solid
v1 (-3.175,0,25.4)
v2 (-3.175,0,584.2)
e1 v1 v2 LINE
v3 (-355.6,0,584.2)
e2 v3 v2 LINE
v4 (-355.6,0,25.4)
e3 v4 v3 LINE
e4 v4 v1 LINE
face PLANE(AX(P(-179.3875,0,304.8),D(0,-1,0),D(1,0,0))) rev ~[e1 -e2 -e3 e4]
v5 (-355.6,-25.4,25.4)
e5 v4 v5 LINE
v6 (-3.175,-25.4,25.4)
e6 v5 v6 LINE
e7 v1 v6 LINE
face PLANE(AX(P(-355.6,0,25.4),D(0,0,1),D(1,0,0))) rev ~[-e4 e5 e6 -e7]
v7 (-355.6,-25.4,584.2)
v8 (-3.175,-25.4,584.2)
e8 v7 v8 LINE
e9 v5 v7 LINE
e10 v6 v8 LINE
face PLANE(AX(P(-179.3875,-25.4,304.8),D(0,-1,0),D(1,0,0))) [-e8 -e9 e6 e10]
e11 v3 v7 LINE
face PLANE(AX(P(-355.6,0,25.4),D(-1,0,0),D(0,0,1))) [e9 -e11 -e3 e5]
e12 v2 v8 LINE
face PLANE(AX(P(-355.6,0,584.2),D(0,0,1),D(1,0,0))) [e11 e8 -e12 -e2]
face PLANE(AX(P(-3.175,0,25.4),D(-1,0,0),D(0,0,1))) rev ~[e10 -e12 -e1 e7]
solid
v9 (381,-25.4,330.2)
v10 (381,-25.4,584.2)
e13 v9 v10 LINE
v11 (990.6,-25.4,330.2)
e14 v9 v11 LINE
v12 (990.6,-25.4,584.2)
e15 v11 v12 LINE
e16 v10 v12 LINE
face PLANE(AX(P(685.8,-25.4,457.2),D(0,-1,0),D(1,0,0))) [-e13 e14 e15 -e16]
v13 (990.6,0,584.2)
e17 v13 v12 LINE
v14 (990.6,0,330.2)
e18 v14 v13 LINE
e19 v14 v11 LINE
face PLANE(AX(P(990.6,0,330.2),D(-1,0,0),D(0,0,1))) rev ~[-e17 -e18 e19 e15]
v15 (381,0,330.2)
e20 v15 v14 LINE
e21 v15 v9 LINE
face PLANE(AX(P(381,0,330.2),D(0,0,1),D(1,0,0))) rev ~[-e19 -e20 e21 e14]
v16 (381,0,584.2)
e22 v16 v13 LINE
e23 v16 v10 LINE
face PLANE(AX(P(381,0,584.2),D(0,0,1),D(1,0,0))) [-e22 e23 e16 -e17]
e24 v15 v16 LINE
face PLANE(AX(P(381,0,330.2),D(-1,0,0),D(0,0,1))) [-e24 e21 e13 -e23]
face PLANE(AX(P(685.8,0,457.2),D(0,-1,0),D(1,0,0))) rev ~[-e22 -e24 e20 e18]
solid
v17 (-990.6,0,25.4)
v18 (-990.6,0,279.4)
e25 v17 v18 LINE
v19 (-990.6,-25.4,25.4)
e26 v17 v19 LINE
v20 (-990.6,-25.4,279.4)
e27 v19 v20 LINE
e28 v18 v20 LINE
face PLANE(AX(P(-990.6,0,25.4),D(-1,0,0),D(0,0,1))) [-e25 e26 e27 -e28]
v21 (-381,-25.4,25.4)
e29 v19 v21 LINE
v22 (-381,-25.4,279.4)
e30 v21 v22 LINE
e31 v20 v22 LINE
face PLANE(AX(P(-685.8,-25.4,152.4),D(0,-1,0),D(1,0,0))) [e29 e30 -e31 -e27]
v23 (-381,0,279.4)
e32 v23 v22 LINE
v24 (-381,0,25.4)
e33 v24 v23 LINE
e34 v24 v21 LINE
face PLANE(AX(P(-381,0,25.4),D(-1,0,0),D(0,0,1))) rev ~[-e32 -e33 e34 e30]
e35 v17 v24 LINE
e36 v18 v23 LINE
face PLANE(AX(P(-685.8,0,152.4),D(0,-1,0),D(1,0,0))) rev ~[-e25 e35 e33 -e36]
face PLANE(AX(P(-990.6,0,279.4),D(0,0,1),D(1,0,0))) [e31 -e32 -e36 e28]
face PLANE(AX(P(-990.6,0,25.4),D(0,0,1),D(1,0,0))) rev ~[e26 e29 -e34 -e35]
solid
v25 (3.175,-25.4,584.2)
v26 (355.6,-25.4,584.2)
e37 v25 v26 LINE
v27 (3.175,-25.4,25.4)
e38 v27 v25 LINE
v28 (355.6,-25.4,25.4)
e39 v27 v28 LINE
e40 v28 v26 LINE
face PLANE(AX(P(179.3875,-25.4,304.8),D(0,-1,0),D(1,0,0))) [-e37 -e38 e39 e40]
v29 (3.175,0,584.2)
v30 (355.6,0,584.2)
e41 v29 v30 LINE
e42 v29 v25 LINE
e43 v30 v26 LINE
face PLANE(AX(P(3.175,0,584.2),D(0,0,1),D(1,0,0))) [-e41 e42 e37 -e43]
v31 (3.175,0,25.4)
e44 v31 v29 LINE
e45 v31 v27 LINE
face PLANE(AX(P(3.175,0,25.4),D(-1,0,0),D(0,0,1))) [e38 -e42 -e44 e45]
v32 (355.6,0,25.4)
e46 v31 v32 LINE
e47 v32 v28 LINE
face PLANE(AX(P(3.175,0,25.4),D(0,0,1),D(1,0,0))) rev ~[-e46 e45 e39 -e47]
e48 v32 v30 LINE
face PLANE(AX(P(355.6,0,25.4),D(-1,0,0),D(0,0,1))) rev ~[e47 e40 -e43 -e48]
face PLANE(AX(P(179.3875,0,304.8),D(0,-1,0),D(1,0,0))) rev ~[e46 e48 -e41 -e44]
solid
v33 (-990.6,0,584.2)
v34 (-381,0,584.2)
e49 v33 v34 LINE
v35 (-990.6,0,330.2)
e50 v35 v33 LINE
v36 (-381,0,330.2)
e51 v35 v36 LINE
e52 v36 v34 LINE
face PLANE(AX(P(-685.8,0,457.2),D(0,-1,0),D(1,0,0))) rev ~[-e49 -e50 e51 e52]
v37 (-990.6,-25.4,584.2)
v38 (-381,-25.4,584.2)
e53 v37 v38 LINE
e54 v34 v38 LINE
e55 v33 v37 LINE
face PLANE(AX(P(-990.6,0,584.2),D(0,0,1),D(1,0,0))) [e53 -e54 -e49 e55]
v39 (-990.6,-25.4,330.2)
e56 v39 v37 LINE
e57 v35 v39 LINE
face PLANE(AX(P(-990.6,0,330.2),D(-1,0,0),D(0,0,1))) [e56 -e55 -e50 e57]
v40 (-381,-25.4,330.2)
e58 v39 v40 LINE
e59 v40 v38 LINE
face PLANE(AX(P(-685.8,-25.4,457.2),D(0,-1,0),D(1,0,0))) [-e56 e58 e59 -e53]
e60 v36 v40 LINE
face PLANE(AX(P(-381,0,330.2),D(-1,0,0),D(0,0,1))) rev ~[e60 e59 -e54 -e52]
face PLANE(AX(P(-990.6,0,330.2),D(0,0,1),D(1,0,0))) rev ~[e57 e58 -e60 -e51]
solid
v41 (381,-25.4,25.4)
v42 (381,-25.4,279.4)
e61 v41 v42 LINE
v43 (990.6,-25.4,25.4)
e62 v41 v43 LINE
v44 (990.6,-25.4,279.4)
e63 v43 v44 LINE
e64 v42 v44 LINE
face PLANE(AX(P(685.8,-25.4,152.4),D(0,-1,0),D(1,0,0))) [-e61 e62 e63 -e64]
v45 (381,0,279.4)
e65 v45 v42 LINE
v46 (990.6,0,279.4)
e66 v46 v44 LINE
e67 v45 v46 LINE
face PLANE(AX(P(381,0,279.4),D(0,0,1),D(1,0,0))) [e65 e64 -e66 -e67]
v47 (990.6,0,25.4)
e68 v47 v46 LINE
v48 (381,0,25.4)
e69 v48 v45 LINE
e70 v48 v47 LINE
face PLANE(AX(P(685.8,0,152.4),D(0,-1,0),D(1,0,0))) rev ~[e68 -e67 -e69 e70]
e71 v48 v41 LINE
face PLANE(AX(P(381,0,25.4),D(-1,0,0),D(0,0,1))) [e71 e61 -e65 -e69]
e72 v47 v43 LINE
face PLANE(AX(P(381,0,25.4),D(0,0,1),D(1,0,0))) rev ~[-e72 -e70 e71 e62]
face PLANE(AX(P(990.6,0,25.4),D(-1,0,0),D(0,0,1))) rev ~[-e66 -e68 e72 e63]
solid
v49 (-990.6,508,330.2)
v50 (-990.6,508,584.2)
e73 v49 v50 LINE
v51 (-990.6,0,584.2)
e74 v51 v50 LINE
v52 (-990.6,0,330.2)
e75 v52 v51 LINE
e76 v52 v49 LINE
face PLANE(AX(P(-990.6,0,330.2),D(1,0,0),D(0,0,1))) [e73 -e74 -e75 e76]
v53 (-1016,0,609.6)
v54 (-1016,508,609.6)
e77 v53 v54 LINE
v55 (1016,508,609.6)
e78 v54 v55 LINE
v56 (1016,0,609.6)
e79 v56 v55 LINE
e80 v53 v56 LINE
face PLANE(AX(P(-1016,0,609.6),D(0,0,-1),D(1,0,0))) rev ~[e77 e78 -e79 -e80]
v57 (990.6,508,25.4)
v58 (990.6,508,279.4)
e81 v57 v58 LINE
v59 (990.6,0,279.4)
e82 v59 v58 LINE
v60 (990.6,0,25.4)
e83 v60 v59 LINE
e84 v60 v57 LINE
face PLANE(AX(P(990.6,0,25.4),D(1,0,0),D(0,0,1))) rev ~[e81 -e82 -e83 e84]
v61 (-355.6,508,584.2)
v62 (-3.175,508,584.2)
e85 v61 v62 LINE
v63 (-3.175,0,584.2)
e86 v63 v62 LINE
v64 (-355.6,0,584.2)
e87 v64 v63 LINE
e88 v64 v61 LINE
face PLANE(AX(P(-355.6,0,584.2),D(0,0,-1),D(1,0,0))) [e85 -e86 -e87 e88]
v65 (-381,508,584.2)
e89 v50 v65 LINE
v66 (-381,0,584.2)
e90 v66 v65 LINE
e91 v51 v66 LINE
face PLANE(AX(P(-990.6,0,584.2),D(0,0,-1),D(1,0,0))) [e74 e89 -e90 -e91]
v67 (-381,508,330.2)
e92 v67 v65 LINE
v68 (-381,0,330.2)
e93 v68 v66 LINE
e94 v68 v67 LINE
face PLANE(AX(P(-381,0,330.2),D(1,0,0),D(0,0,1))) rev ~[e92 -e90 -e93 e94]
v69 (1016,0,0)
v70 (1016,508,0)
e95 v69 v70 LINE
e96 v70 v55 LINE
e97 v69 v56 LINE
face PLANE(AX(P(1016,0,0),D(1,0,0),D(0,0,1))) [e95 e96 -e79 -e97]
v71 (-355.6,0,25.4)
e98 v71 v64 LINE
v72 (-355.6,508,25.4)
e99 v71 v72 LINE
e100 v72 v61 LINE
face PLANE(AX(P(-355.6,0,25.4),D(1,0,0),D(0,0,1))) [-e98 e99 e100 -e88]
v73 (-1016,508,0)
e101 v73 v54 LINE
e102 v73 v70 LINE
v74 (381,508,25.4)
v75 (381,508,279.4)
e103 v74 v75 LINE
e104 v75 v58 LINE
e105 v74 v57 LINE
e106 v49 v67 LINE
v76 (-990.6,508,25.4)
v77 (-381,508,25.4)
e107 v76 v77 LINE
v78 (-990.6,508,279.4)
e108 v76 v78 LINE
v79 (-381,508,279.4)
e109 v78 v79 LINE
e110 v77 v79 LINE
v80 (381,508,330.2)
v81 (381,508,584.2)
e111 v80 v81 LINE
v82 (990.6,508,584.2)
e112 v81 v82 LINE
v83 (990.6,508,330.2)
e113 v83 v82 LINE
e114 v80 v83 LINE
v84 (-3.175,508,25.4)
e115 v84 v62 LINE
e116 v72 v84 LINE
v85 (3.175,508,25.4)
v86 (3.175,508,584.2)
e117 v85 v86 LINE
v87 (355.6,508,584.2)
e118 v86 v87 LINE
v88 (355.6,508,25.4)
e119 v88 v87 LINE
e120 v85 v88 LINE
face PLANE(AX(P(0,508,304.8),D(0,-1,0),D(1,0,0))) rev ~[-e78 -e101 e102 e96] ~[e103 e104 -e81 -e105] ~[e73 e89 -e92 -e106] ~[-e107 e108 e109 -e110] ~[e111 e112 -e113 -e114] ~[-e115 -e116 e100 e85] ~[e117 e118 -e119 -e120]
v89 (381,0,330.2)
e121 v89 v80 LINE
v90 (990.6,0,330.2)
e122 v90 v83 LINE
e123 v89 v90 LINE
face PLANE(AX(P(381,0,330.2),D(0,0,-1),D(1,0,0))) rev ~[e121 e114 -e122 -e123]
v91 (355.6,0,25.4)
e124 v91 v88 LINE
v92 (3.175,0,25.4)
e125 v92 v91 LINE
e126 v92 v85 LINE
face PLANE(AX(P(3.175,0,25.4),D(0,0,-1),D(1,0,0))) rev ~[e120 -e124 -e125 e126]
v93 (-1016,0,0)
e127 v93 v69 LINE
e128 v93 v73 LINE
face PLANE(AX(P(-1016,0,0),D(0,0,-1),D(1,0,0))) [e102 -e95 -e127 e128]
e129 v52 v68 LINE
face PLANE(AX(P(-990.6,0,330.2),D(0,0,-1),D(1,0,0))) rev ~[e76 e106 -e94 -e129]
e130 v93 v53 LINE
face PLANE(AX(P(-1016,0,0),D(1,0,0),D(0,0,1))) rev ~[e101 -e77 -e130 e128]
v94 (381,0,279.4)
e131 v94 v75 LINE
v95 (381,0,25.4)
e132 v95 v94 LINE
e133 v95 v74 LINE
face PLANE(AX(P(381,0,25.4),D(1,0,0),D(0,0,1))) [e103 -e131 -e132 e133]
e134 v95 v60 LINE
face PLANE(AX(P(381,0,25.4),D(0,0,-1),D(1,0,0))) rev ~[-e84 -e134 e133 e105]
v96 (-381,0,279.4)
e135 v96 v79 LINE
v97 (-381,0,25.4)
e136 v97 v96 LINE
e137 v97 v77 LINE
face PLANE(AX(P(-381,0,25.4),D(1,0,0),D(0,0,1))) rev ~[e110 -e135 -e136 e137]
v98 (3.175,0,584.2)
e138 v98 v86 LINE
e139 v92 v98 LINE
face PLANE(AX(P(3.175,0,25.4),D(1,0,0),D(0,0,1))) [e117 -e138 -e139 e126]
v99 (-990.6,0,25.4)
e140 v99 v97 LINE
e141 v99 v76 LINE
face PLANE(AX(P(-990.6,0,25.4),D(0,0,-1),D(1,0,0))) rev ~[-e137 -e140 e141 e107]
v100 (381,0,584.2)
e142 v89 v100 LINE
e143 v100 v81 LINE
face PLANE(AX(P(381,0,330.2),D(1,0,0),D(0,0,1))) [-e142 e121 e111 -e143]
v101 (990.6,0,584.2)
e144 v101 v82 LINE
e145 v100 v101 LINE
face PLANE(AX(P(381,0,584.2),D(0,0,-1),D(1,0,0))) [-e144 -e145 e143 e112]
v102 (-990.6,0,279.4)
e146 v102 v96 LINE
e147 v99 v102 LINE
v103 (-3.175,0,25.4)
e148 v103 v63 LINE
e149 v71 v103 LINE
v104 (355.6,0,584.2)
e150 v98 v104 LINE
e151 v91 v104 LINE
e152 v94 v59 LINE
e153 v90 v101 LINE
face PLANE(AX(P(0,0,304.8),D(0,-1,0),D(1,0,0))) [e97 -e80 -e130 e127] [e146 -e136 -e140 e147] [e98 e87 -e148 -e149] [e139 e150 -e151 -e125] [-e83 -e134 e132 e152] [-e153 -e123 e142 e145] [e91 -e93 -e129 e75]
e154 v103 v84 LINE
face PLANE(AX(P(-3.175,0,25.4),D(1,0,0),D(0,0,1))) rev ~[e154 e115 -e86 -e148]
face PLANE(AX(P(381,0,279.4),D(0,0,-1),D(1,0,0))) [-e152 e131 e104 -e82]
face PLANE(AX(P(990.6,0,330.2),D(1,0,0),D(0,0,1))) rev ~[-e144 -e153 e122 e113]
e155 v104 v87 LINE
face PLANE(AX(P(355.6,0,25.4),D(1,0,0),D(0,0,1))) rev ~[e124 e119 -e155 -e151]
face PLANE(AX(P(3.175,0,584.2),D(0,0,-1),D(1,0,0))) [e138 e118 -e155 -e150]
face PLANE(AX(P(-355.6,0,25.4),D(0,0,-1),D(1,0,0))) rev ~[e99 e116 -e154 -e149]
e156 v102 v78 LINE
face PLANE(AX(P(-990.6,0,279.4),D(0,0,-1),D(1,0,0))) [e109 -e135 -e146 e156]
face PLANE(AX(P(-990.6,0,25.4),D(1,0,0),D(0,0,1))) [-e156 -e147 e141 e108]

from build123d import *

# Parameters (mm, degrees)
F0_W     = 609.6
F0_H     = 254
F0_W_2   = 352.425
F0_H_2   = 558.8
F1_DEPTH = 25.4
F0_W_3   = 2032
F0_H_3   = 609.6
F2_DEPTH = 508


with BuildPart() as f1:
    # F0 (on Front) → F1 (new body)
    with BuildSketch(Plane.XZ):
        with Locations((-685.8, 457.2)):
            Rectangle(F0_W, F0_H)
        with Locations((-685.8, 152.4)):
            Rectangle(F0_W, F0_H)
        with Locations((685.8, 457.2)):
            Rectangle(F0_W, F0_H)
        with Locations((685.8, 152.4)):
            Rectangle(F0_W, F0_H)
        with Locations((179.3875, 304.8)):
            Rectangle(F0_W_2, F0_H_2)
        with Locations((-179.3875, 304.8)):
            Rectangle(F0_W_2, F0_H_2)
    extrude(amount=F1_DEPTH)


with BuildPart() as f2:
    # F0 (on Front) → F2 (new body)
    with BuildSketch(Plane.XZ):
        with Locations((0, 304.8)):
            Rectangle(F0_W_3, F0_H_3)
        with Locations((-685.8, 152.4)):
            Rectangle(F0_W, F0_H, mode=Mode.SUBTRACT)
        with Locations((685.8, 152.4)):
            Rectangle(F0_W, F0_H, mode=Mode.SUBTRACT)
        with Locations((-179.3875, 304.8)):
            Rectangle(F0_W_2, F0_H_2, mode=Mode.SUBTRACT)
        with Locations((-685.8, 457.2)):
            Rectangle(F0_W, F0_H, mode=Mode.SUBTRACT)
        with Locations((179.3875, 304.8)):
            Rectangle(F0_W_2, F0_H_2, mode=Mode.SUBTRACT)
        with Locations((685.8, 457.2)):
            Rectangle(F0_W, F0_H, mode=Mode.SUBTRACT)
    extrude(amount=-F2_DEPTH)


solid = Compound([f1.part, f2.part])
